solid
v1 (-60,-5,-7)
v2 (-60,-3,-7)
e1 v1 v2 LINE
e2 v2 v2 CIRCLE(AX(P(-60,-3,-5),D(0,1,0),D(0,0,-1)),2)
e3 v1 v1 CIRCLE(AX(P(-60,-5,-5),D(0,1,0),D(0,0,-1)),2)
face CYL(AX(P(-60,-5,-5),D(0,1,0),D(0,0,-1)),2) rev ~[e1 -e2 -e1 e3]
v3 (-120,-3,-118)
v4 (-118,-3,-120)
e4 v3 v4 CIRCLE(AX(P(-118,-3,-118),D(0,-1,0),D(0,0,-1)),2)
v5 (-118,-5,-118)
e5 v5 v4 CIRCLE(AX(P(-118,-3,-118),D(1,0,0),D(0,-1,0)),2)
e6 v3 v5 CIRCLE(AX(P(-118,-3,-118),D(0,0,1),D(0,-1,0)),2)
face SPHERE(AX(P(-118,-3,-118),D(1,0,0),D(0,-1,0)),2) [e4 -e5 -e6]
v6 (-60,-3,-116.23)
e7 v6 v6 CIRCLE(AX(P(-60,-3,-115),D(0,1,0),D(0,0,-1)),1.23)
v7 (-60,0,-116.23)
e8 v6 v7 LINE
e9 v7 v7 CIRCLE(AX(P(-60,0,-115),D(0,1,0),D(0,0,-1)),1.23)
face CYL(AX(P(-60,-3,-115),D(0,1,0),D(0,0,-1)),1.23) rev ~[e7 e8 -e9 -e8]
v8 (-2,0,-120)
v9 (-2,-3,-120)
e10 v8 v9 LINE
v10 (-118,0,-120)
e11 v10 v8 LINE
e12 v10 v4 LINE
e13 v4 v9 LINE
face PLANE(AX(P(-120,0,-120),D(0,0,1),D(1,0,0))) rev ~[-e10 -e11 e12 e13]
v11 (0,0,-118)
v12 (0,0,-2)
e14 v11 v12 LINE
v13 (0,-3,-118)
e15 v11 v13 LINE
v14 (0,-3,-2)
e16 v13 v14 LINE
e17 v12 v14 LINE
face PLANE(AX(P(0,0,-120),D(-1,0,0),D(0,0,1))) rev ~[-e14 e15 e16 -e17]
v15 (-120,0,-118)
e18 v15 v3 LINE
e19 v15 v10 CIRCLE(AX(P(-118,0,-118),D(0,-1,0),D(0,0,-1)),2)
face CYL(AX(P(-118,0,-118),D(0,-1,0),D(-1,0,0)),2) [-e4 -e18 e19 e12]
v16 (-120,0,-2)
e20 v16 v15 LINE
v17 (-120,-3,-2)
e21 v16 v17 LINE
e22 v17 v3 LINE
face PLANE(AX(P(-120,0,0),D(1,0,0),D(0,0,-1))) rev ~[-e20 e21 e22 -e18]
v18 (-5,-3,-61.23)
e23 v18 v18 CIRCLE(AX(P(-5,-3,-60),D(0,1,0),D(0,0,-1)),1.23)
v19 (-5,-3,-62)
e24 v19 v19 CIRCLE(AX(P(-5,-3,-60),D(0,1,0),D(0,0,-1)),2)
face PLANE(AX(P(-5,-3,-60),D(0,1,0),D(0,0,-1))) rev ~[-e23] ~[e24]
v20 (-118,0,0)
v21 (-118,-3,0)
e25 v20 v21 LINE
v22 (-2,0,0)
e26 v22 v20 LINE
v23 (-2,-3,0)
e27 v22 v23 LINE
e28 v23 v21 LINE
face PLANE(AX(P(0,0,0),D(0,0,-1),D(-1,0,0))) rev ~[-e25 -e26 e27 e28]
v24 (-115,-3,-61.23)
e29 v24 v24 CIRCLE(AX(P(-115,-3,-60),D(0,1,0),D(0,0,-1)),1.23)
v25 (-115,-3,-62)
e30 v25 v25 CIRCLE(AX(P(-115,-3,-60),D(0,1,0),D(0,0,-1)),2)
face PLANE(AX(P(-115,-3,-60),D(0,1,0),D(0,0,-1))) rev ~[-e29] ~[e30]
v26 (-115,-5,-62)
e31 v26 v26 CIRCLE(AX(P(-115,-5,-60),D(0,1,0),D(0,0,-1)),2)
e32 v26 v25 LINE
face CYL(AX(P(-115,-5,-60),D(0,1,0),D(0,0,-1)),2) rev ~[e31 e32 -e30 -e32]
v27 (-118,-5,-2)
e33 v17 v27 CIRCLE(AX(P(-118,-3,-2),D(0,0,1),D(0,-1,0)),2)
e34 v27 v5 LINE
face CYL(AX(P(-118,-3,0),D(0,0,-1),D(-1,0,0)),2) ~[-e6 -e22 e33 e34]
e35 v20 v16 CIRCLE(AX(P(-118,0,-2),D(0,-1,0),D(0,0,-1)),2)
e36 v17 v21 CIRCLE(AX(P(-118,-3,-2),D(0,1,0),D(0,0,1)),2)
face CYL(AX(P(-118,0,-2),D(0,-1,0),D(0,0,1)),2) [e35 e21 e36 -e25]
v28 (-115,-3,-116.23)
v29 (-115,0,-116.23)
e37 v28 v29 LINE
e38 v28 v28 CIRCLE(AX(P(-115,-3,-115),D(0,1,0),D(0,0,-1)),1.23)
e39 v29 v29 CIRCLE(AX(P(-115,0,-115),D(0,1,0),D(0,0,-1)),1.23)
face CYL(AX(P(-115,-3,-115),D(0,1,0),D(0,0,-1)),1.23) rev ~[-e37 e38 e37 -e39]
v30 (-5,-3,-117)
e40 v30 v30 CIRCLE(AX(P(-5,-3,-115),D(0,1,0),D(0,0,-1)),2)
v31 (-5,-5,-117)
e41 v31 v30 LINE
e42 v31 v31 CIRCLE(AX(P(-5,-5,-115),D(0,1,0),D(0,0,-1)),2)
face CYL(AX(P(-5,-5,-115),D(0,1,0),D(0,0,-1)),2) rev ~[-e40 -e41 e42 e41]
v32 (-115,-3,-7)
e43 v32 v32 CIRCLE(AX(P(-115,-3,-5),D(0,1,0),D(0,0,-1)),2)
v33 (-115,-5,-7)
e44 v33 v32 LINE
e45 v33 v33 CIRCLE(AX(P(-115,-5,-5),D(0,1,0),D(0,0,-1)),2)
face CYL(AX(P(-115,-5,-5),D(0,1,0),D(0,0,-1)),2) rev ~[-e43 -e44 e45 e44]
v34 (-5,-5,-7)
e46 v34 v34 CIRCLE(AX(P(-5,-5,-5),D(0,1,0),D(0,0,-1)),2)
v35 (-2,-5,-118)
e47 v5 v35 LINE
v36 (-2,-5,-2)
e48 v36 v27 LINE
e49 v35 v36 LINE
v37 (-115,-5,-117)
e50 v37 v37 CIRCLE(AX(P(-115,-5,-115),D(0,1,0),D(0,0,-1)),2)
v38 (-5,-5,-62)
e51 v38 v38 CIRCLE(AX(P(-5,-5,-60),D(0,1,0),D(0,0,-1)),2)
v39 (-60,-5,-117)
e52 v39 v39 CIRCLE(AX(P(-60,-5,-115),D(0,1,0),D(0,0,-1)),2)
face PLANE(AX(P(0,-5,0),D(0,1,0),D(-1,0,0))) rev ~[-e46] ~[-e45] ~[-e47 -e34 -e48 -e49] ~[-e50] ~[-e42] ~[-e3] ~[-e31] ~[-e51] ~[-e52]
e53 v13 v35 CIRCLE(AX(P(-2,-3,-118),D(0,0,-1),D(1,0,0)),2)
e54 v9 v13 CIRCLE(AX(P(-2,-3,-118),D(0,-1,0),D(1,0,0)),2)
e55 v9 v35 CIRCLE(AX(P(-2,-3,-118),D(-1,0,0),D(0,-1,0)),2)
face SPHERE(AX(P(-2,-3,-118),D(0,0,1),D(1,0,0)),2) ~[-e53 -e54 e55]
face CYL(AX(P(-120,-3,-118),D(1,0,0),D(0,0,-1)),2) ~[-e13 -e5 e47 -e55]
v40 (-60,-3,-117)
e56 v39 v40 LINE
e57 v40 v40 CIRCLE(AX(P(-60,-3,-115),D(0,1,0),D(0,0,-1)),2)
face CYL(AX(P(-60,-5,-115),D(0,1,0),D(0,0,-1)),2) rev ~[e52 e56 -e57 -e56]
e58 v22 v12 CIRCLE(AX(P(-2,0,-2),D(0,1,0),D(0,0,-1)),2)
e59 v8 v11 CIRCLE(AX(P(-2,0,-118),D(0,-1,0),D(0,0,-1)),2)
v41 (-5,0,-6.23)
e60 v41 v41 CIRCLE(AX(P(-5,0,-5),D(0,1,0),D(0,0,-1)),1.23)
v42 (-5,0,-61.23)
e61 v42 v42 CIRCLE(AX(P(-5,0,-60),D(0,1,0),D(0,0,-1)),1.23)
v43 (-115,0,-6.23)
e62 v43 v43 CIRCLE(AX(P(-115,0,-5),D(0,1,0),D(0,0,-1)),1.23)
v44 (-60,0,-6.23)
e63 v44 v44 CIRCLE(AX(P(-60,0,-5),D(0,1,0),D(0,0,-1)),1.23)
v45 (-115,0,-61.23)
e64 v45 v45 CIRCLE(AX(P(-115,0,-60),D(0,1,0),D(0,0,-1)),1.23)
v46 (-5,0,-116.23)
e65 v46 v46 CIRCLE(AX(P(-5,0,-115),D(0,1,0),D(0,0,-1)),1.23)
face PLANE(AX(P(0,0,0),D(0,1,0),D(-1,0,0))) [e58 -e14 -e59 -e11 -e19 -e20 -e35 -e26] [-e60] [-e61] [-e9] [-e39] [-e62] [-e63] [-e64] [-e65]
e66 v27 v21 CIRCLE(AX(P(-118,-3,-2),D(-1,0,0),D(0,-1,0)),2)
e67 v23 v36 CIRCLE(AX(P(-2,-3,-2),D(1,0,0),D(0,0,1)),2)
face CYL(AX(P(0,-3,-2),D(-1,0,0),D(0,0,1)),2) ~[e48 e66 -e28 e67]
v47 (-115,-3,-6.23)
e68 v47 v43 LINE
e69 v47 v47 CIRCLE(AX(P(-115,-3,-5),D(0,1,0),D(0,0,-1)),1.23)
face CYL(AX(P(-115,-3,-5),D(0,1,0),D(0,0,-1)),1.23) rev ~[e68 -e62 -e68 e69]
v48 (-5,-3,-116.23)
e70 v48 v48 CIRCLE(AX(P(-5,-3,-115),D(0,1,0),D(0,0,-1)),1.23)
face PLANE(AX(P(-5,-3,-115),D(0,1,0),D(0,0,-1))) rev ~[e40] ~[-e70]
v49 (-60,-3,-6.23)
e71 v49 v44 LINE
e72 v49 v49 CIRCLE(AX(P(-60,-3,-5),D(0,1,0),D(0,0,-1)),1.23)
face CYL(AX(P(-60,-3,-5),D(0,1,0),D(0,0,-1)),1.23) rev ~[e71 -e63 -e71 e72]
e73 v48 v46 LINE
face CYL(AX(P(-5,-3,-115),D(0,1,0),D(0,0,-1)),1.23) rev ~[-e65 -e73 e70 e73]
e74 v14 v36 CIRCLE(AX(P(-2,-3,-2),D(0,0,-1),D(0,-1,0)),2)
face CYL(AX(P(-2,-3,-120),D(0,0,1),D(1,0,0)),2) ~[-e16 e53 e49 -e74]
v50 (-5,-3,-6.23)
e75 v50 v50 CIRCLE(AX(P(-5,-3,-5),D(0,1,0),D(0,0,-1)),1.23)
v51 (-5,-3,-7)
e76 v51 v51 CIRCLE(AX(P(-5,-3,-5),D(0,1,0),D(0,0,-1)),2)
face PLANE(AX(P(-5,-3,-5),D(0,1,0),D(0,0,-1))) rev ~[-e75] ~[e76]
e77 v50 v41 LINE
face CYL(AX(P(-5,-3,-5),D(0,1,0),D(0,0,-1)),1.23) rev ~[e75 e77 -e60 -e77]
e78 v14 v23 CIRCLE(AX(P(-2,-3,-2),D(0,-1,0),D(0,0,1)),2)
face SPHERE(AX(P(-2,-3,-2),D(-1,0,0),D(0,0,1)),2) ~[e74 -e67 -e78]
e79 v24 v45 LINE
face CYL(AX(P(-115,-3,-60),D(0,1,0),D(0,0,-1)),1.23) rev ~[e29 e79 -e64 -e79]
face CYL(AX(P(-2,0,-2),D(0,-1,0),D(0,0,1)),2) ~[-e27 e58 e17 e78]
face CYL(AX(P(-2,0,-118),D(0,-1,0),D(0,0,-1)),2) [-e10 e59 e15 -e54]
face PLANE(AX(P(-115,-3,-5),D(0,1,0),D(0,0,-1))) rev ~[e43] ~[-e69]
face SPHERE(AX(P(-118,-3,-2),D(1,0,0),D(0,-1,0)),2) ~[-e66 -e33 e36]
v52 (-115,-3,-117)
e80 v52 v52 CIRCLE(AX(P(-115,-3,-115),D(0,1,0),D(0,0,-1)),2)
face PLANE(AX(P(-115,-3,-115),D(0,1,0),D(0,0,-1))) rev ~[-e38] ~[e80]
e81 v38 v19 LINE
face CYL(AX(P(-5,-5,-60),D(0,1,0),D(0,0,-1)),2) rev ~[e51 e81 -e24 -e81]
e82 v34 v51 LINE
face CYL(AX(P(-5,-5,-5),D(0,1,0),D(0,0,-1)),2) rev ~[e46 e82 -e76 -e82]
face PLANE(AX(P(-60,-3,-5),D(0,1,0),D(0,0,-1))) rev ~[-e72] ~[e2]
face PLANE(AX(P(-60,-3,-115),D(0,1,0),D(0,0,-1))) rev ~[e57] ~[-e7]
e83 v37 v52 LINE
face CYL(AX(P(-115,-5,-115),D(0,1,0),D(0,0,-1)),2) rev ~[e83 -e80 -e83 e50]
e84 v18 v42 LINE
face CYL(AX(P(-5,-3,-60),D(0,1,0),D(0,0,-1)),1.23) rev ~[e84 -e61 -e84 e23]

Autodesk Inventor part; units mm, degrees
ref_plane "YZ Ebene" through (0, 0, 0) normal (1, 0, 0) x (0, 1, 0)
ref_plane "XZ Ebene" through (0, 0, 0) normal (0, 1, 0) x (-1, 0, 0)
ref_plane "XY Ebene" through (0, 0, 0) normal (0, 0, 1) x (1, 0, 0)
sketch "Sketch20" plane through (0, 0, 0) normal (0, 1, 0) x (-1, 0, 0)
  line L0 (0, 0) -> (120, 0)
  line L1 (120, 0) -> (120, -120)
  line L2 (120, -120) -> (0, -120)
  line L3 (0, -120) -> (0, 0)
  dimension "d58" = 120
  dimension "d59" = 120
extrude "Extrusion8" add sketch "Sketch20" against normal blind 5
fillet "Fillet5" radius 2 8 edges at (-60, -5, 0) (0, -2.5, 0) (0, -5, -60) (0, -2.5, -120) (-60, -5, -120) (-120, -5, -60) (-120, -2.5, -120) (-120, -2.5, 0)
sketch "Sketch21" plane through (0, -5, 0) normal (0, -1, 0) x (1, 0, 0)
  line L0 (-2, 0) -> (-118, 0) projected
  line L1 (0, -118) -> (0, -2) projected
  line L2 (-120, -2) -> (-120, -118) projected
  line L3 (-118, -120) -> (-2, -120) projected
  point P0 (0, 0)
  point P1 (-5, -5)
  point P2 (-60, -5)
  point P3 (-115, -5)
  point P4 (-115, -5)
  point P5 (-115, -115)
  point P6 (-5, -115)
  point P7 (-5, -60)
  point P8 (-115, -60)
  point P9 (-60, -115)
  dimension "d63" = 5
  dimension "d64" = 5
  dimension "d65" = 55
  dimension "d66" = 5
  dimension "d67" = 5
  dimension "d68" = 55
  dimension "d69" = 5
  dimension "d70" = 5
  dimension "d71" = 55
hole "Hole2" at (-5, -5, -5) at (-60, -5, -5) at (-115, -5, -5) at (-115, -5, -115) at (-5, -5, -115) at (-5, -5, -60) at (-115, -5, -60) at (-60, -5, -115) direction (0, 1, 0) diameter 2.46 depth 8.8 counterbore diameter 4 counterbore depth 2 thread size "M3x0.5" class "6H" standard "ISO Metric profile"
properties part number "raspberry_box_lid" material "S235JR"
